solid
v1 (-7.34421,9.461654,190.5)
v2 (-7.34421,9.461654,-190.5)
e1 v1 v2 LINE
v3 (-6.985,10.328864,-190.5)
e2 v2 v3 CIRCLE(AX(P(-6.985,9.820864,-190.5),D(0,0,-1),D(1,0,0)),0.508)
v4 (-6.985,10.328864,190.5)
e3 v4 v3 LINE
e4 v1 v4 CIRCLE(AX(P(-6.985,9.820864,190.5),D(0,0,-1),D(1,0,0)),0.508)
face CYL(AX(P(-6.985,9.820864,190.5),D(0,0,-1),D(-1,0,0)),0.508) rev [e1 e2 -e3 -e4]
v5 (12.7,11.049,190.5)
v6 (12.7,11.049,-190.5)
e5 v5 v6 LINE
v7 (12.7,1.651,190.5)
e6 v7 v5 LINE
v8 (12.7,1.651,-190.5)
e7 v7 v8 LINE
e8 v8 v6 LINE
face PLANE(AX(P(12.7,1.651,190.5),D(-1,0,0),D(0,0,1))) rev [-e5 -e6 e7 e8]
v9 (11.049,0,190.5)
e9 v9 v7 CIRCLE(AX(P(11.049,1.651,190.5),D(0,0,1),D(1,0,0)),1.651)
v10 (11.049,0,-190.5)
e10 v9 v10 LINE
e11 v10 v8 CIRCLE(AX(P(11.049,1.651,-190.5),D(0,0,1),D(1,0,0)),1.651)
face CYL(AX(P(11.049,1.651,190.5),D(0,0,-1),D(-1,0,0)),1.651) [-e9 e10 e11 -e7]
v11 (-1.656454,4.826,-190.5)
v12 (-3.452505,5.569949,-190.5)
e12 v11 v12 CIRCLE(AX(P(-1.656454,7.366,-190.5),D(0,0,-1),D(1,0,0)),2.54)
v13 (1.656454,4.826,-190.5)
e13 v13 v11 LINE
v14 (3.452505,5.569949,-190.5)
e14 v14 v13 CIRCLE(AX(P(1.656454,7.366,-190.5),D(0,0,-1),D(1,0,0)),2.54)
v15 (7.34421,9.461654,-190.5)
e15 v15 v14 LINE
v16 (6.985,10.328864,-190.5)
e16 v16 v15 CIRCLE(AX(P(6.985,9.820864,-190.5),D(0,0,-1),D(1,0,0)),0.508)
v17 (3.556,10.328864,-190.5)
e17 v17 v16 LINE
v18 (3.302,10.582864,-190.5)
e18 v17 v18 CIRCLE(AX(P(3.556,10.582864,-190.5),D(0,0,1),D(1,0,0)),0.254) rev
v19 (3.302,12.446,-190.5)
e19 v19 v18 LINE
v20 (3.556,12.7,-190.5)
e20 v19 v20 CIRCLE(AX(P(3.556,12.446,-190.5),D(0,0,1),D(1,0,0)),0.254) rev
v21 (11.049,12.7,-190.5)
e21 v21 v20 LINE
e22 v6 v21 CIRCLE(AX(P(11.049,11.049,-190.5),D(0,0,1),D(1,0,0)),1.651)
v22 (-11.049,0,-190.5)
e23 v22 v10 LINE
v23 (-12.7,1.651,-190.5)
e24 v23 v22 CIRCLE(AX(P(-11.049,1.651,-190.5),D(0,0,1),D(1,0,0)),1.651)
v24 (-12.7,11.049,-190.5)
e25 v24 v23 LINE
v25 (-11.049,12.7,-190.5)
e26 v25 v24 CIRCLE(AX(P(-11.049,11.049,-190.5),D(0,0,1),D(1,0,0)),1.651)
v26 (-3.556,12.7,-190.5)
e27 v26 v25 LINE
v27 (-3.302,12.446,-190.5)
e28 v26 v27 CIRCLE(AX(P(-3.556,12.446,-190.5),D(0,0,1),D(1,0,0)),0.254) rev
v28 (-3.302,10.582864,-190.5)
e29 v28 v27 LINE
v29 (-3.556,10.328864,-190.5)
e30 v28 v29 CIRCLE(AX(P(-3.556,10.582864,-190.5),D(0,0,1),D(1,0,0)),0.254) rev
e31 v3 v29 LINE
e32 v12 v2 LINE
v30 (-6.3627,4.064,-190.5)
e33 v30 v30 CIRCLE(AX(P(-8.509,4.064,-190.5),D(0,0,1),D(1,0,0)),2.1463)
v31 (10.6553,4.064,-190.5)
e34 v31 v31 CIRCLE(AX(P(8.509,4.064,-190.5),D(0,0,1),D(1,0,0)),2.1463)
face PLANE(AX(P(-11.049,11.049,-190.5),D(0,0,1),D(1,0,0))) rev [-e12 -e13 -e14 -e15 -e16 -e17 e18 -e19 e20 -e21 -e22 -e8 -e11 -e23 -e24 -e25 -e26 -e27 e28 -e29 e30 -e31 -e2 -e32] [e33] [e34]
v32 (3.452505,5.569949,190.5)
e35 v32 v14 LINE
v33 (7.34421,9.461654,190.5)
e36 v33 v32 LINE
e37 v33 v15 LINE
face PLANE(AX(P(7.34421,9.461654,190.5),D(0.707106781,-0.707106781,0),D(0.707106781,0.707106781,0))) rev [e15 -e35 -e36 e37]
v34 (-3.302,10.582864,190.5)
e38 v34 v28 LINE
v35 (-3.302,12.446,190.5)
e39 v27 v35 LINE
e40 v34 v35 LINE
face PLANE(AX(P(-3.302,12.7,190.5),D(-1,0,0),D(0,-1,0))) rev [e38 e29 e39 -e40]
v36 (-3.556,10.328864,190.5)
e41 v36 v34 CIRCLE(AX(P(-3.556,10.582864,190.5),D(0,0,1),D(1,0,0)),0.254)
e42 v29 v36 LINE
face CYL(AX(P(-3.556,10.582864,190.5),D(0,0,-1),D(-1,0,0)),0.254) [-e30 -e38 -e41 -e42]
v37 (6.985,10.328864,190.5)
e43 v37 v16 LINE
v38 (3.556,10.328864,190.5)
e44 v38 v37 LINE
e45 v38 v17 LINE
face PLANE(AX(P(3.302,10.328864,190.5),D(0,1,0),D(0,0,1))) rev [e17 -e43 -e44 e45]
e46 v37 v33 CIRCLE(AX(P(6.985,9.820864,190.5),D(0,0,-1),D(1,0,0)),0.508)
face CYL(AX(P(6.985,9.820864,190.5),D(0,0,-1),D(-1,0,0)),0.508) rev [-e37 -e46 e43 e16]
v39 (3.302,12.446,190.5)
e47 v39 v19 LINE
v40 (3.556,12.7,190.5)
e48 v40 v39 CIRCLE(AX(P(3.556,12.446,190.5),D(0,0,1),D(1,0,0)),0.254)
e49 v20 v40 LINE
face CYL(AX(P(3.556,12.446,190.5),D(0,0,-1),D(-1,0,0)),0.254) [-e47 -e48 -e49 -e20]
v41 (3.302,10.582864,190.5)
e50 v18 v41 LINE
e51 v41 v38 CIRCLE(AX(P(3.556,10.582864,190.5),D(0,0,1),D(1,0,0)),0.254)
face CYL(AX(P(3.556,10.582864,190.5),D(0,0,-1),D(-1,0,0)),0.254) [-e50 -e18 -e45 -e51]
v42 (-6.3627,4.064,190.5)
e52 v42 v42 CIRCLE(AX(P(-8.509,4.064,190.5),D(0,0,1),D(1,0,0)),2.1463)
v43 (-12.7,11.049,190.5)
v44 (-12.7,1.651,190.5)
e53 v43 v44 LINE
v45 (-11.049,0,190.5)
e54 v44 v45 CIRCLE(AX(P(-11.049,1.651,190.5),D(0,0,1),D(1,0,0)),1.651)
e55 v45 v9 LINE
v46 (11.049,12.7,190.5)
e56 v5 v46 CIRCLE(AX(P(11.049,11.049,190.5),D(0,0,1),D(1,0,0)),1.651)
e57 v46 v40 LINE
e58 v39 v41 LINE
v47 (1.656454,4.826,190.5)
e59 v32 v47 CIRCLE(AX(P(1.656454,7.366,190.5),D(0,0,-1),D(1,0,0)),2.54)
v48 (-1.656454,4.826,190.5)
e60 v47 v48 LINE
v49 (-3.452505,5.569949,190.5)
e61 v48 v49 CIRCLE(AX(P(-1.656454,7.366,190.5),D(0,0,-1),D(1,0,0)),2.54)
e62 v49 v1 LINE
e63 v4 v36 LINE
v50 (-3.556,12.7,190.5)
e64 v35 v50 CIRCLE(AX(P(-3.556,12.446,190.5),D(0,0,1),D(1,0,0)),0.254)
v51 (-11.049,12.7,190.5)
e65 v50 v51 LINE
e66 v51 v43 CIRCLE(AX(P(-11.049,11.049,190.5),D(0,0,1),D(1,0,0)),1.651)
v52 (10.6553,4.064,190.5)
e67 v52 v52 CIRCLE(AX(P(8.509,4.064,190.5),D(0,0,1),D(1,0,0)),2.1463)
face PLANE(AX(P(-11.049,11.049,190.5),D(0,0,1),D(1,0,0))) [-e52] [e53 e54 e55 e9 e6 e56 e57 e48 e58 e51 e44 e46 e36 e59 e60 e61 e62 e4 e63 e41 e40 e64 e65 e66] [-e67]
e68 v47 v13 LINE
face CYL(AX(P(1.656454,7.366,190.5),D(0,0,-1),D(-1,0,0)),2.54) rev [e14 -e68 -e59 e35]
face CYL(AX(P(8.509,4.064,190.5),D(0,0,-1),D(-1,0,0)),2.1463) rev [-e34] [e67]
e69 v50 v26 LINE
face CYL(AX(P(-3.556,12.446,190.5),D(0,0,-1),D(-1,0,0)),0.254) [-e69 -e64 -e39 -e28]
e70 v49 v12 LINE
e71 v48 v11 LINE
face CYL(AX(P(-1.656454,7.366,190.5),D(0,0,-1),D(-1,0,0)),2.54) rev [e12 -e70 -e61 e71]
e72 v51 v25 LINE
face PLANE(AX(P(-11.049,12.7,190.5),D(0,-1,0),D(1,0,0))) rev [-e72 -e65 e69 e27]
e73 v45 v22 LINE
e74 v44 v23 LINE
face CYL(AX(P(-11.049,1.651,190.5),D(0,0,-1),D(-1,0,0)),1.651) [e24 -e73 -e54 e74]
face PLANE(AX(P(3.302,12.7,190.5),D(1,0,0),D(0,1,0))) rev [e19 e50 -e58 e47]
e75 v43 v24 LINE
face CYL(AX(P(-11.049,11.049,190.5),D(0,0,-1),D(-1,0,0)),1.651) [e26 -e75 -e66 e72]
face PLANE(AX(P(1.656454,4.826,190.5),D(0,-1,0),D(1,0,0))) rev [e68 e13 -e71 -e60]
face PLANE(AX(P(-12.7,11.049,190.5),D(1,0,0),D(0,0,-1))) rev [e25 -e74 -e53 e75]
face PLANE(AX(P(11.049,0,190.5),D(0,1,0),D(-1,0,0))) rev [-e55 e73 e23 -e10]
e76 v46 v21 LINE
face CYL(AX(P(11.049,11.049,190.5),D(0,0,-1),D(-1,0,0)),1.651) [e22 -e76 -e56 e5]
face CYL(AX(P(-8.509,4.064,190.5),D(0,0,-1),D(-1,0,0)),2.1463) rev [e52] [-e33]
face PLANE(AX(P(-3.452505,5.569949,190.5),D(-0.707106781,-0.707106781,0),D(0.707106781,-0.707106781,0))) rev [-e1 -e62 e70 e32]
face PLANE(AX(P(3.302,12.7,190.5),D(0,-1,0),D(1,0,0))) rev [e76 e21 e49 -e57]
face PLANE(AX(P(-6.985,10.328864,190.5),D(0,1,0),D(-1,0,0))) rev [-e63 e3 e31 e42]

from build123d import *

# Parameters (mm, degrees)
SKETCH3_R           = 2.1463
BOSS_EXTRUDE1_DEPTH = 190.5
FILLET1_R           = 0.254


with BuildPart() as part:
    # Sketch3 → Boss-Extrude1 (new body, symmetric)
    with BuildSketch(Plane.XY):
        with BuildLine():
            Line((-11.049, 12.7), (-3.302, 12.7))
            Line((-3.302, 12.7), (-3.302, 10.328863887))
            Line((-3.302, 10.328863887), (-6.985, 10.328863887))
            ThreePointArc((-6.985, 10.328863887), (-7.454330803, 10.01526707), (-7.344210245, 9.461653642))
            Line((-7.344210245, 9.461653642), (-3.452505379, 5.569948776))
            ThreePointArc((-3.452505379, 5.569948776), (-2.628470073, 5.019345987), (-1.656454155, 4.826))
            Line((-1.656454155, 4.826), (1.656454155, 4.826))
            ThreePointArc((1.656454155, 4.826), (2.628470073, 5.019345987), (3.452505379, 5.569948776))
            Line((3.452505379, 5.569948776), (7.344210245, 9.461653642))
            ThreePointArc((7.344210245, 9.461653642), (7.454330803, 10.01526707), (6.985, 10.328863887))
            Line((6.985, 10.328863887), (3.302, 10.328863887))
            Line((3.302, 10.328863887), (3.302, 12.7))
            Line((3.302, 12.7), (11.049, 12.7))
            ThreePointArc((11.049, 12.7), (12.216433296, 12.216433296), (12.7, 11.049))
            Line((12.7, 11.049), (12.7, 1.651))
            ThreePointArc((12.7, 1.651), (12.216433296, 0.483566704), (11.049, 0))
            Line((11.049, 0), (-11.049, 0))
            ThreePointArc((-11.049, 0), (-12.216433296, 0.483566704), (-12.7, 1.651))
            Line((-12.7, 1.651), (-12.7, 11.049))
            ThreePointArc((-12.7, 11.049), (-12.216433296, 12.216433296), (-11.049, 12.7))
        make_face()
        with Locations((8.509, 4.064)):
            Circle(SKETCH3_R, mode=Mode.SUBTRACT)
        with Locations((-8.509, 4.064)):
            Circle(SKETCH3_R, mode=Mode.SUBTRACT)
    extrude(amount=BOSS_EXTRUDE1_DEPTH, both=True)

    # Fillet1
    fillet1_edges = [part.edges().sort_by_distance(p)[0] for p in [
        (-3.302, 12.7, 0),
        (-3.302, 10.328863887, 0),
        (3.302, 10.328863887, 0),
        (3.302, 12.7, 0),
    ]]
    fillet(fillet1_edges, radius=FILLET1_R)


solid = part.part
